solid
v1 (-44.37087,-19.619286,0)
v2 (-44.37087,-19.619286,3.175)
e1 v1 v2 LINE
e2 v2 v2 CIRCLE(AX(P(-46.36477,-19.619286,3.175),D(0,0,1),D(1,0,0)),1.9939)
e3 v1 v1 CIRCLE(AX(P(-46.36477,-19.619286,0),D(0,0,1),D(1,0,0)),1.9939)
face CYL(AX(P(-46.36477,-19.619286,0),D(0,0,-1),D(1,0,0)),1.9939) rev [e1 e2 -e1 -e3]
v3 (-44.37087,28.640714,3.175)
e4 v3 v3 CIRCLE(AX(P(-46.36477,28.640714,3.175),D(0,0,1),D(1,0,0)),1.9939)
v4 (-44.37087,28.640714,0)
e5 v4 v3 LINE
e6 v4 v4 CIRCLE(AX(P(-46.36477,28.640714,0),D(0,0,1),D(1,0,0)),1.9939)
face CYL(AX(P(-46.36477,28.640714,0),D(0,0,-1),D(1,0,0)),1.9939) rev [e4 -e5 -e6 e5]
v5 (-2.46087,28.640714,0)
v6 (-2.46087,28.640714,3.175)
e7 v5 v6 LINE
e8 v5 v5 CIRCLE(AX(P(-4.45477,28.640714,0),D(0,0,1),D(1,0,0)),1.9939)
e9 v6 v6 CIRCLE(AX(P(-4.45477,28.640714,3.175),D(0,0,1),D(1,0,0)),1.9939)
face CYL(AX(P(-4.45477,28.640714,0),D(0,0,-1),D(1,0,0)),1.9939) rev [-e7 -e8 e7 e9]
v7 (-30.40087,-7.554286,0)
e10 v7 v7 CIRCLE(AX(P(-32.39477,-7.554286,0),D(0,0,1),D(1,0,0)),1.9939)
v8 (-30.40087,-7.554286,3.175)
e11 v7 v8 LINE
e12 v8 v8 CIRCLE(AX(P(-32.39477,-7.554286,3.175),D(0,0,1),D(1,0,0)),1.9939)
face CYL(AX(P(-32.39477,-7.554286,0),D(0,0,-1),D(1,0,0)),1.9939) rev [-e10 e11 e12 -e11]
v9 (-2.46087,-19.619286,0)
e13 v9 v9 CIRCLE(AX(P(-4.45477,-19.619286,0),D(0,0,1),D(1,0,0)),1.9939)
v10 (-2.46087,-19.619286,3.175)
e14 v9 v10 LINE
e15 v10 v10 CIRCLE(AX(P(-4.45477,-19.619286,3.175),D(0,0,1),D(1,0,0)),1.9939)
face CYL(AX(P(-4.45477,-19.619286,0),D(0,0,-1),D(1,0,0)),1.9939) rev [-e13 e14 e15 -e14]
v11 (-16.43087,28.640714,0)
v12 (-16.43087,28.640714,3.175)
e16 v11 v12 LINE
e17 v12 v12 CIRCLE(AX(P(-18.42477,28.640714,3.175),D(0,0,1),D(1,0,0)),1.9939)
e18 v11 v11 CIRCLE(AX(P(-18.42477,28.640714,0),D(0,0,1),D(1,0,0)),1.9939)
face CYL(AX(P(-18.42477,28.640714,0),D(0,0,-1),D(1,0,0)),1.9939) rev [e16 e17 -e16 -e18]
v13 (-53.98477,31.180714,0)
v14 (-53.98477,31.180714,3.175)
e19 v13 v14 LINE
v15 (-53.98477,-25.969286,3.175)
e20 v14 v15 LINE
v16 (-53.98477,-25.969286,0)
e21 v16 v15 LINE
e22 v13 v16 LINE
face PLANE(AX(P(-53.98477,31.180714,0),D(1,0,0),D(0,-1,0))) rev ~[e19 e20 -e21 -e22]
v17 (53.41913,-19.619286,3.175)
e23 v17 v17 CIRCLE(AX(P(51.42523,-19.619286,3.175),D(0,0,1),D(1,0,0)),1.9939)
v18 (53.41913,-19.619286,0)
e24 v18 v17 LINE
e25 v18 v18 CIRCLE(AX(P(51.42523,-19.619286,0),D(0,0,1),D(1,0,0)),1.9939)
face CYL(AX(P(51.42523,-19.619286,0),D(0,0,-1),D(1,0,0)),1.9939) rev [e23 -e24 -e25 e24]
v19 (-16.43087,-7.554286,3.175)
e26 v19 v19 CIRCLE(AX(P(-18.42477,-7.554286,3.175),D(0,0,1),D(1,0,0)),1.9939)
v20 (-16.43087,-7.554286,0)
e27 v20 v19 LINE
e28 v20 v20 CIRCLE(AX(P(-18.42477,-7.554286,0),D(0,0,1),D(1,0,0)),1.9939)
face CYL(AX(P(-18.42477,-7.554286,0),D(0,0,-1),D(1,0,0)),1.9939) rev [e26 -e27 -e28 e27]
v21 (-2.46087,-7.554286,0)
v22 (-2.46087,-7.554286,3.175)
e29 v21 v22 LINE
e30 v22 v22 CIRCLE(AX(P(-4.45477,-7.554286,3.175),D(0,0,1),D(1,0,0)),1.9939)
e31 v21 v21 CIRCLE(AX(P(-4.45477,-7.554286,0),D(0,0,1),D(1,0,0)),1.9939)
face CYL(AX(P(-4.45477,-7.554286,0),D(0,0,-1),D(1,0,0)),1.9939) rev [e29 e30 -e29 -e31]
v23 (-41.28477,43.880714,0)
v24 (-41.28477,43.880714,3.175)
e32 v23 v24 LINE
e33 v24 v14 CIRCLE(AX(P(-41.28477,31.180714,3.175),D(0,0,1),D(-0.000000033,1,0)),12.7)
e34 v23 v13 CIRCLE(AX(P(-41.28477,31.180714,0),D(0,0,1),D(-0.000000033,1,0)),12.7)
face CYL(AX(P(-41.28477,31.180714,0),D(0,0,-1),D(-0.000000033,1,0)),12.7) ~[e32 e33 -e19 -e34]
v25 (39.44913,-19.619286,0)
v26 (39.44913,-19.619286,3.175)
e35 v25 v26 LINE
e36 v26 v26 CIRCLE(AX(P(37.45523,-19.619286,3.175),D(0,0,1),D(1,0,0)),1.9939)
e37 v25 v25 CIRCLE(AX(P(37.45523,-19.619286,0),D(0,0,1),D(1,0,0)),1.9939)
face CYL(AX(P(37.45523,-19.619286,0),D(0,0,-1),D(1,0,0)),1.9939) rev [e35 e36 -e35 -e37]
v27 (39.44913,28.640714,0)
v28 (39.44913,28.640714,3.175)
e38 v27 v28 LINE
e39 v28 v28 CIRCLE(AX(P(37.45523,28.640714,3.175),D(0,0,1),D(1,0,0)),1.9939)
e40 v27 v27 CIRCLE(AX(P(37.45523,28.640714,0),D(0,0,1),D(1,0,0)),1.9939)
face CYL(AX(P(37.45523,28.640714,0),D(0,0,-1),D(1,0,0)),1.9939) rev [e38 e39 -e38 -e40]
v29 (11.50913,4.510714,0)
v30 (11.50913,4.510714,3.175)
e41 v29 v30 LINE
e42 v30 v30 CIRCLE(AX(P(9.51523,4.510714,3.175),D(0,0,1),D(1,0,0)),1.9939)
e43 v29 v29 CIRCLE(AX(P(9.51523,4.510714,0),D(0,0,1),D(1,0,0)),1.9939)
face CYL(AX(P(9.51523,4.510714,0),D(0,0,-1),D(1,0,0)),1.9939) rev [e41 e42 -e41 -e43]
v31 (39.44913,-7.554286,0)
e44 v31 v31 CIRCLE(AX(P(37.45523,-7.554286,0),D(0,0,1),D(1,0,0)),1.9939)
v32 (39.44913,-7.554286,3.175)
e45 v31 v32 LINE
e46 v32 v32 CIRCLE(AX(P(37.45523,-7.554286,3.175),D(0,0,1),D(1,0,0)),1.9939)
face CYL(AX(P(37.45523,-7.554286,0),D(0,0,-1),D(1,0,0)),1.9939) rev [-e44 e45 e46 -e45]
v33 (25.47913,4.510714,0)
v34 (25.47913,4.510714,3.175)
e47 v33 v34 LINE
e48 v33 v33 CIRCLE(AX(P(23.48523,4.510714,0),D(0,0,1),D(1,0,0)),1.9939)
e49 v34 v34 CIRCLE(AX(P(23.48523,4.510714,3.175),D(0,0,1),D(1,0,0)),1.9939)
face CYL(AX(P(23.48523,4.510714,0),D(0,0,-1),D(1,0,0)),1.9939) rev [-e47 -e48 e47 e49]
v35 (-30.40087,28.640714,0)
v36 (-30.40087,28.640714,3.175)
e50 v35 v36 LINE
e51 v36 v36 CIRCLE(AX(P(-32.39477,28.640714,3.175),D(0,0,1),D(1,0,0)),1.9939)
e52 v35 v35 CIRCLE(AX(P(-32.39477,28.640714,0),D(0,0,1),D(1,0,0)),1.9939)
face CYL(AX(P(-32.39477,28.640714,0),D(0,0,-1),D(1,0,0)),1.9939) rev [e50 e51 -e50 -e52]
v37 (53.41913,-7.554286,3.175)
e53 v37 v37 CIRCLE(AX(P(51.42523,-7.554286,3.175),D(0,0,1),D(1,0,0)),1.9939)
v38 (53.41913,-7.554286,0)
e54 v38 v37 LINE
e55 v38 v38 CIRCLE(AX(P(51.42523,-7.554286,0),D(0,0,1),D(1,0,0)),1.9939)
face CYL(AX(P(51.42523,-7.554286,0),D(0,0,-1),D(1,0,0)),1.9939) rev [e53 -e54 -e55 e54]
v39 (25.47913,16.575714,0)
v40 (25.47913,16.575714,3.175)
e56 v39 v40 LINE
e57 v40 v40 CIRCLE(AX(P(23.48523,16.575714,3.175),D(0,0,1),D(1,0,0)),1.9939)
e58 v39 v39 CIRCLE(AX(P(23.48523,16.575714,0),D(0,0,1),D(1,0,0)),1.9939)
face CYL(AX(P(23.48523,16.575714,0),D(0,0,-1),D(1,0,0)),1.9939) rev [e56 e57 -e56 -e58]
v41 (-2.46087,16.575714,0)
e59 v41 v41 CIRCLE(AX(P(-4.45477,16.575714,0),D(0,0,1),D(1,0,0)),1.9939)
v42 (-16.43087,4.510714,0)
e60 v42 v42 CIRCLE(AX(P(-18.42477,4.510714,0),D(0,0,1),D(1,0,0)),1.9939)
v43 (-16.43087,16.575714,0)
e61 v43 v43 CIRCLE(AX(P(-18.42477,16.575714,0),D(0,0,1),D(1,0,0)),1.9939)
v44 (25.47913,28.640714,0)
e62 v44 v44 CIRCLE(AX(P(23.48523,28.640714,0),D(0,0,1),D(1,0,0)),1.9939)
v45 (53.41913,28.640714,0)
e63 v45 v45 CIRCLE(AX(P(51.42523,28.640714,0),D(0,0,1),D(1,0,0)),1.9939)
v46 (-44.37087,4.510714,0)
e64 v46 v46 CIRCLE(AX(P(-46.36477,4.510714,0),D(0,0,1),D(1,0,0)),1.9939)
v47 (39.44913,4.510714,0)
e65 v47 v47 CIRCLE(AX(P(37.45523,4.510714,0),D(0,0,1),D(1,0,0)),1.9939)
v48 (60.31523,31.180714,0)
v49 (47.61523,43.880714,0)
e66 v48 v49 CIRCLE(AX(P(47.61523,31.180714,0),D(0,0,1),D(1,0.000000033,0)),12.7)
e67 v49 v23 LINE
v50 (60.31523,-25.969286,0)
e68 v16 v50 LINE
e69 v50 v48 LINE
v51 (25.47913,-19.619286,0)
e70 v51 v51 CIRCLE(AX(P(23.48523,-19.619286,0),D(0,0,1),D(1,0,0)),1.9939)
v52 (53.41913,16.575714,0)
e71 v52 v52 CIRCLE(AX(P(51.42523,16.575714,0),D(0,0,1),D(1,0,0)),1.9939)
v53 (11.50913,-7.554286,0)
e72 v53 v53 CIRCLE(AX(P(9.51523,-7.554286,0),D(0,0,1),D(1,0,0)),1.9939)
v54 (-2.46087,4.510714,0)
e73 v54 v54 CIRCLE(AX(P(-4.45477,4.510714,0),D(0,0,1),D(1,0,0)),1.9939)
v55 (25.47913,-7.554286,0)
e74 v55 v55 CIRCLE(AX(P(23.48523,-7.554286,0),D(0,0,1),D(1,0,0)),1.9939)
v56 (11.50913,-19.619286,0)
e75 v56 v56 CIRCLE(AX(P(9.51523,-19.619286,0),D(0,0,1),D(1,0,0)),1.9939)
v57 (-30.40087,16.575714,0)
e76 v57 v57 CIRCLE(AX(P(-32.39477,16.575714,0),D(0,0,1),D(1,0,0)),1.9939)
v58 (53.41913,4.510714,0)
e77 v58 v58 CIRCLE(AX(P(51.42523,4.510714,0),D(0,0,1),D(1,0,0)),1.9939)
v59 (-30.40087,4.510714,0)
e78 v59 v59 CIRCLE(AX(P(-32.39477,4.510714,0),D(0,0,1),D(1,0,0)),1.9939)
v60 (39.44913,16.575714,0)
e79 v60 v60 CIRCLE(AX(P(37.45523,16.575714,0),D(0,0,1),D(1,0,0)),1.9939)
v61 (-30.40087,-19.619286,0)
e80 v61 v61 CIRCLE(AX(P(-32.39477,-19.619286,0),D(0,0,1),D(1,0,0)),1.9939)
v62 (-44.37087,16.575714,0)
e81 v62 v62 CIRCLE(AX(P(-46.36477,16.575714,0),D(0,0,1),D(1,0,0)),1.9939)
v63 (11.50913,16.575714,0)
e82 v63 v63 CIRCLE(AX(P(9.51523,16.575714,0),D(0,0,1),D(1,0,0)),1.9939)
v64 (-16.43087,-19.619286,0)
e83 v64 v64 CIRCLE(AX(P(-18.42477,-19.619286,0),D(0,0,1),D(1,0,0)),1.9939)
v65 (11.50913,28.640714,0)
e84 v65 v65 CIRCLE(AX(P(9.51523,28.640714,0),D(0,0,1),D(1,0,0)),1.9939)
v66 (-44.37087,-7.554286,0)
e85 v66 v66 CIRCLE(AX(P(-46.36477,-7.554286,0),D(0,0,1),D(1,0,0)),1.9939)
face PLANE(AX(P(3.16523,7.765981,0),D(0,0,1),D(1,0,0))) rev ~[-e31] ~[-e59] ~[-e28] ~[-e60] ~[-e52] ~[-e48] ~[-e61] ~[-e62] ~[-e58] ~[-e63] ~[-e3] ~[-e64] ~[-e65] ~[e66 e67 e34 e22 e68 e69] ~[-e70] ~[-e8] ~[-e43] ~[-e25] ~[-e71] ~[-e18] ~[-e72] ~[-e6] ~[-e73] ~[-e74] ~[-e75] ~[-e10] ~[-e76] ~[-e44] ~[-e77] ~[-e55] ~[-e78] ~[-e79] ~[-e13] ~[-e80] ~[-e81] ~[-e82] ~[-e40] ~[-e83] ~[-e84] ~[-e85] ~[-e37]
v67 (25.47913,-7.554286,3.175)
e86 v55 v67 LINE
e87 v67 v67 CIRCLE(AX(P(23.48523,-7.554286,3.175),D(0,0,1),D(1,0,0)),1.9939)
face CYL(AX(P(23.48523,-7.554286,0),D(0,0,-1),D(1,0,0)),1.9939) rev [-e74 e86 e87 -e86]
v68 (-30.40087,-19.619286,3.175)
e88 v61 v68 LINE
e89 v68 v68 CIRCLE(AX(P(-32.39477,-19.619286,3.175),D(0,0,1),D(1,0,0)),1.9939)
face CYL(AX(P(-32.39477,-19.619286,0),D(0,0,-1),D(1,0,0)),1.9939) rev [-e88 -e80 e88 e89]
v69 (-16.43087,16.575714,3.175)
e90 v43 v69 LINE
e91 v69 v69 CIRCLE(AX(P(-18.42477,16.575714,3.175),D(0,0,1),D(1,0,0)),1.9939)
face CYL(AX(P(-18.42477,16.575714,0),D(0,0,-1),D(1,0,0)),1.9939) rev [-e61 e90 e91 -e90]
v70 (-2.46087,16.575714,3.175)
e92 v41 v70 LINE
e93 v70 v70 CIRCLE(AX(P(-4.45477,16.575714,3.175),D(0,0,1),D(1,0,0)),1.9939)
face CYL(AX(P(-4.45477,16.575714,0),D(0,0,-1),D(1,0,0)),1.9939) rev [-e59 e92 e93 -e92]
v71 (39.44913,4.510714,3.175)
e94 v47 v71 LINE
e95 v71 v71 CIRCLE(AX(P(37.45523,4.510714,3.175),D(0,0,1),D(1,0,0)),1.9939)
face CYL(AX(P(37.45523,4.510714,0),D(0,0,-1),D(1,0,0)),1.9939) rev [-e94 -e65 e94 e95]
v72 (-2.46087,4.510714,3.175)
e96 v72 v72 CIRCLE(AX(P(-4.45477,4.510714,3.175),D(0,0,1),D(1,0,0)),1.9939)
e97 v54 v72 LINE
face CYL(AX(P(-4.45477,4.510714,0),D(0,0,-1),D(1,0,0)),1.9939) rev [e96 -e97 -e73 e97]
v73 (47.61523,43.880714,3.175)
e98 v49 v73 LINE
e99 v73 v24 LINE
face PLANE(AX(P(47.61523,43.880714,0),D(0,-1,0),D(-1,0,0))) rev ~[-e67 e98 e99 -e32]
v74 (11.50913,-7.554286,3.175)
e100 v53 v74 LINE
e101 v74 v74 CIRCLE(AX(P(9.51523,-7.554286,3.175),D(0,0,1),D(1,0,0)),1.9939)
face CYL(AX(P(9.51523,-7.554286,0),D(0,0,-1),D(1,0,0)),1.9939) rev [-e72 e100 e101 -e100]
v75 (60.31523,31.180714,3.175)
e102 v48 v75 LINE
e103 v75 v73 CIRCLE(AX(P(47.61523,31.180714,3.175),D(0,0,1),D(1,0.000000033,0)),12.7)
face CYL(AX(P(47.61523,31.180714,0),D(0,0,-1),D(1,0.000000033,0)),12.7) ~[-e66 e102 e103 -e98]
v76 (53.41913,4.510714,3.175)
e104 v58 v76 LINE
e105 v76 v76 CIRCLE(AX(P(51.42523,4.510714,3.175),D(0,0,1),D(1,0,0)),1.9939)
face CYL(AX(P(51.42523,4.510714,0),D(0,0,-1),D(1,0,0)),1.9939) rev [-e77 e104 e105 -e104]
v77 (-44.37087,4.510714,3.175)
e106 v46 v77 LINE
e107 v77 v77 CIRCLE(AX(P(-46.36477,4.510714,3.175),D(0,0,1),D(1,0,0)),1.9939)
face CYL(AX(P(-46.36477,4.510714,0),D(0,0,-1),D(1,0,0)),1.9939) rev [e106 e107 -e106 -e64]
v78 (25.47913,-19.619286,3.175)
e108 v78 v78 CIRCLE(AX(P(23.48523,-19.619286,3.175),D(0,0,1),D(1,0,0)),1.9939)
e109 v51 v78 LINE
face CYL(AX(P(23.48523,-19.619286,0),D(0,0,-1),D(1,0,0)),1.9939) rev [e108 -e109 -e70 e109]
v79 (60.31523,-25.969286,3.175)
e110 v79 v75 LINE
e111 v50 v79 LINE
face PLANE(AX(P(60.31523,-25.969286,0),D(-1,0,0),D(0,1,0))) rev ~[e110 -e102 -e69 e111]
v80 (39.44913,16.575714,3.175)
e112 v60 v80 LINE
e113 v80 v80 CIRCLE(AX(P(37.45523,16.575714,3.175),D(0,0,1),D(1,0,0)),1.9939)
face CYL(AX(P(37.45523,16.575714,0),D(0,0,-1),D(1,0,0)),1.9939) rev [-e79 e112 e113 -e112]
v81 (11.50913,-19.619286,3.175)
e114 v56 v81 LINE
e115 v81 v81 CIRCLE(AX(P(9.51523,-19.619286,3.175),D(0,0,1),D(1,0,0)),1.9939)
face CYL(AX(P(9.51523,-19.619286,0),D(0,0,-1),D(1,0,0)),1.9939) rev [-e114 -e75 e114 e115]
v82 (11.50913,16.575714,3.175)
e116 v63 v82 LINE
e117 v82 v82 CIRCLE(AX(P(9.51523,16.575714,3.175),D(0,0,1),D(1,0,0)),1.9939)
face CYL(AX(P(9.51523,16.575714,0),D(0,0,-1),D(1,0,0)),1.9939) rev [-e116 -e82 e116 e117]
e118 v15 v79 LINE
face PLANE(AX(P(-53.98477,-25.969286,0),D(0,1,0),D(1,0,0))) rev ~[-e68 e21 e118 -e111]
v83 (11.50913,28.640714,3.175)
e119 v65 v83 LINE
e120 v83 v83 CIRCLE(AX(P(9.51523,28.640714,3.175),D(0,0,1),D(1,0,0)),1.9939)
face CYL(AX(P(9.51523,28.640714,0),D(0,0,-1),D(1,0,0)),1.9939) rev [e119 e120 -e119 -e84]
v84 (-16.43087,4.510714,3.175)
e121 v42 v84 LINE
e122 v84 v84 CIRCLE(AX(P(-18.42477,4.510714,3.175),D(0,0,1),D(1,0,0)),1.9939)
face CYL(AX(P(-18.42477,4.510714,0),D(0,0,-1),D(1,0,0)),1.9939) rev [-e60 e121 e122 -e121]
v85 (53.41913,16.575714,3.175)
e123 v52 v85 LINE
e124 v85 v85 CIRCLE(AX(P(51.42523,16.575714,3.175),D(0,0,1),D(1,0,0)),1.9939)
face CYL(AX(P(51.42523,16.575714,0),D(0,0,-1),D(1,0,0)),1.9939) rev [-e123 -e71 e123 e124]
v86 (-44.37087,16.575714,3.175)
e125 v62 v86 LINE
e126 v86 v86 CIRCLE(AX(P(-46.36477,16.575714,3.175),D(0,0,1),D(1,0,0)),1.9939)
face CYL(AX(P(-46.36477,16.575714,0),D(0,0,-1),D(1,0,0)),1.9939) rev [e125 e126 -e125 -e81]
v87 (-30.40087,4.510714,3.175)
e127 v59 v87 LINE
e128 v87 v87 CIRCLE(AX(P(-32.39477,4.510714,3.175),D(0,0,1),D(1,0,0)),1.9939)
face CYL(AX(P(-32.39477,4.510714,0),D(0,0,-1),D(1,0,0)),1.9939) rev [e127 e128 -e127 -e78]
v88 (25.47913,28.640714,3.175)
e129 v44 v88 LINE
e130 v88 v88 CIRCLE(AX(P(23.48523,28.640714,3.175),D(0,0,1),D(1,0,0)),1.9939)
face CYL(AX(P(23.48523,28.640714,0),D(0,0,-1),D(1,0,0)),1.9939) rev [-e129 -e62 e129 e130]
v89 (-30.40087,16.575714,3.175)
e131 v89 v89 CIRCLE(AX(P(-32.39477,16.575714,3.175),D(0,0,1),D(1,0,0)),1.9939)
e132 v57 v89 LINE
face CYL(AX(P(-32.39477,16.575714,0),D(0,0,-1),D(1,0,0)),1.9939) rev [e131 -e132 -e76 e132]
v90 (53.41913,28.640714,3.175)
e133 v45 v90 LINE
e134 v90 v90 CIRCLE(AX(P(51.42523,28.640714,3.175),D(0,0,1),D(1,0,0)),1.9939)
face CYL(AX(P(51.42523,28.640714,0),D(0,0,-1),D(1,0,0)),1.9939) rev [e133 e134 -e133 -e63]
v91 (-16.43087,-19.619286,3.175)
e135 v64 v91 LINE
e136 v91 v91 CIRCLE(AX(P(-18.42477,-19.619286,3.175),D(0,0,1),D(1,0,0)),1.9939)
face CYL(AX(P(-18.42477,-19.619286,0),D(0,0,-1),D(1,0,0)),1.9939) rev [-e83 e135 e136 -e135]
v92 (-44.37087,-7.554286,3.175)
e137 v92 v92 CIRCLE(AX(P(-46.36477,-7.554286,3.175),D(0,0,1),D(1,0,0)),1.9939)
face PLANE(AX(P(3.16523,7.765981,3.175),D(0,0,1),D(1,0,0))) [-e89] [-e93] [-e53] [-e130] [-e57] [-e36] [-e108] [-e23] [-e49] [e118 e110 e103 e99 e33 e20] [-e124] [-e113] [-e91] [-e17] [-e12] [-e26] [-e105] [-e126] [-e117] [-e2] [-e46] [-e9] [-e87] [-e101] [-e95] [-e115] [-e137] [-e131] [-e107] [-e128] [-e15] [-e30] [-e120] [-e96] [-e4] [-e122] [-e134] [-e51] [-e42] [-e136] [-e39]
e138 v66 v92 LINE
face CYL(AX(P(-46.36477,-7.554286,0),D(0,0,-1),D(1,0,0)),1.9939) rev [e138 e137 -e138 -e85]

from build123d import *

# Parameters (mm, degrees)
F0_R     = 1.9939
F1_DEPTH = 3.175


with BuildPart() as f1:
    # F0 (on Top) → F1 (new body)
    with BuildSketch(Plane.XY):
        with BuildLine():
            Line((47.61523, 43.880714), (-41.28477, 43.880714))
            ThreePointArc((-41.28477, 43.880714), (-50.265026, 40.16097), (-53.98477, 31.180714))
            Line((-53.98477, 31.180714), (-53.98477, -25.969286))
            Line((-53.98477, -25.969286), (60.31523, -25.969286))
            Line((60.31523, -25.969286), (60.31523, 31.180714))
            ThreePointArc((60.31523, 31.180714), (56.595486, 40.16097), (47.61523, 43.880714))
        make_face()
        with Locations((-46.36477, -19.619286)):
            Circle(F0_R, mode=Mode.SUBTRACT)
        with Locations((-32.39477, -19.619286)):
            Circle(F0_R, mode=Mode.SUBTRACT)
        with Locations((-18.42477, -19.619286)):
            Circle(F0_R, mode=Mode.SUBTRACT)
        with Locations((-4.45477, -19.619286)):
            Circle(F0_R, mode=Mode.SUBTRACT)
        with Locations((-46.36477, -7.554286)):
            Circle(F0_R, mode=Mode.SUBTRACT)
        with Locations((-32.39477, -7.554286)):
            Circle(F0_R, mode=Mode.SUBTRACT)
        with Locations((-46.36477, 4.510714)):
            Circle(F0_R, mode=Mode.SUBTRACT)
        with Locations((-32.39477, 4.510714)):
            Circle(F0_R, mode=Mode.SUBTRACT)
        with Locations((-18.42477, -7.554286)):
            Circle(F0_R, mode=Mode.SUBTRACT)
        with Locations((-4.45477, -7.554286)):
            Circle(F0_R, mode=Mode.SUBTRACT)
        with Locations((-18.42477, 4.510714)):
            Circle(F0_R, mode=Mode.SUBTRACT)
        with Locations((-4.45477, 4.510714)):
            Circle(F0_R, mode=Mode.SUBTRACT)
        with Locations((9.51523, -19.619286)):
            Circle(F0_R, mode=Mode.SUBTRACT)
        with Locations((23.48523, -19.619286)):
            Circle(F0_R, mode=Mode.SUBTRACT)
        with Locations((37.45523, -19.619286)):
            Circle(F0_R, mode=Mode.SUBTRACT)
        with Locations((51.42523, -19.619286)):
            Circle(F0_R, mode=Mode.SUBTRACT)
        with Locations((9.51523, -7.554286)):
            Circle(F0_R, mode=Mode.SUBTRACT)
        with Locations((23.48523, -7.554286)):
            Circle(F0_R, mode=Mode.SUBTRACT)
        with Locations((9.51523, 4.510714)):
            Circle(F0_R, mode=Mode.SUBTRACT)
        with Locations((23.48523, 4.510714)):
            Circle(F0_R, mode=Mode.SUBTRACT)
        with Locations((37.45523, -7.554286)):
            Circle(F0_R, mode=Mode.SUBTRACT)
        with Locations((51.42523, -7.554286)):
            Circle(F0_R, mode=Mode.SUBTRACT)
        with Locations((37.45523, 4.510714)):
            Circle(F0_R, mode=Mode.SUBTRACT)
        with Locations((51.42523, 4.510714)):
            Circle(F0_R, mode=Mode.SUBTRACT)
        with Locations((-46.36477, 16.575714)):
            Circle(F0_R, mode=Mode.SUBTRACT)
        with Locations((-32.39477, 16.575714)):
            Circle(F0_R, mode=Mode.SUBTRACT)
        with Locations((-18.42477, 16.575714)):
            Circle(F0_R, mode=Mode.SUBTRACT)
        with Locations((-4.45477, 16.575714)):
            Circle(F0_R, mode=Mode.SUBTRACT)
        with Locations((-46.36477, 28.640714)):
            Circle(F0_R, mode=Mode.SUBTRACT)
        with Locations((-32.39477, 28.640714)):
            Circle(F0_R, mode=Mode.SUBTRACT)
        with Locations((-18.42477, 28.640714)):
            Circle(F0_R, mode=Mode.SUBTRACT)
        with Locations((-4.45477, 28.640714)):
            Circle(F0_R, mode=Mode.SUBTRACT)
        with Locations((9.51523, 16.575714)):
            Circle(F0_R, mode=Mode.SUBTRACT)
        with Locations((23.48523, 16.575714)):
            Circle(F0_R, mode=Mode.SUBTRACT)
        with Locations((37.45523, 16.575714)):
            Circle(F0_R, mode=Mode.SUBTRACT)
        with Locations((51.42523, 16.575714)):
            Circle(F0_R, mode=Mode.SUBTRACT)
        with Locations((9.51523, 28.640714)):
            Circle(F0_R, mode=Mode.SUBTRACT)
        with Locations((23.48523, 28.640714)):
            Circle(F0_R, mode=Mode.SUBTRACT)
        with Locations((37.45523, 28.640714)):
            Circle(F0_R, mode=Mode.SUBTRACT)
        with Locations((51.42523, 28.640714)):
            Circle(F0_R, mode=Mode.SUBTRACT)
    extrude(amount=F1_DEPTH)


solid = f1.part
